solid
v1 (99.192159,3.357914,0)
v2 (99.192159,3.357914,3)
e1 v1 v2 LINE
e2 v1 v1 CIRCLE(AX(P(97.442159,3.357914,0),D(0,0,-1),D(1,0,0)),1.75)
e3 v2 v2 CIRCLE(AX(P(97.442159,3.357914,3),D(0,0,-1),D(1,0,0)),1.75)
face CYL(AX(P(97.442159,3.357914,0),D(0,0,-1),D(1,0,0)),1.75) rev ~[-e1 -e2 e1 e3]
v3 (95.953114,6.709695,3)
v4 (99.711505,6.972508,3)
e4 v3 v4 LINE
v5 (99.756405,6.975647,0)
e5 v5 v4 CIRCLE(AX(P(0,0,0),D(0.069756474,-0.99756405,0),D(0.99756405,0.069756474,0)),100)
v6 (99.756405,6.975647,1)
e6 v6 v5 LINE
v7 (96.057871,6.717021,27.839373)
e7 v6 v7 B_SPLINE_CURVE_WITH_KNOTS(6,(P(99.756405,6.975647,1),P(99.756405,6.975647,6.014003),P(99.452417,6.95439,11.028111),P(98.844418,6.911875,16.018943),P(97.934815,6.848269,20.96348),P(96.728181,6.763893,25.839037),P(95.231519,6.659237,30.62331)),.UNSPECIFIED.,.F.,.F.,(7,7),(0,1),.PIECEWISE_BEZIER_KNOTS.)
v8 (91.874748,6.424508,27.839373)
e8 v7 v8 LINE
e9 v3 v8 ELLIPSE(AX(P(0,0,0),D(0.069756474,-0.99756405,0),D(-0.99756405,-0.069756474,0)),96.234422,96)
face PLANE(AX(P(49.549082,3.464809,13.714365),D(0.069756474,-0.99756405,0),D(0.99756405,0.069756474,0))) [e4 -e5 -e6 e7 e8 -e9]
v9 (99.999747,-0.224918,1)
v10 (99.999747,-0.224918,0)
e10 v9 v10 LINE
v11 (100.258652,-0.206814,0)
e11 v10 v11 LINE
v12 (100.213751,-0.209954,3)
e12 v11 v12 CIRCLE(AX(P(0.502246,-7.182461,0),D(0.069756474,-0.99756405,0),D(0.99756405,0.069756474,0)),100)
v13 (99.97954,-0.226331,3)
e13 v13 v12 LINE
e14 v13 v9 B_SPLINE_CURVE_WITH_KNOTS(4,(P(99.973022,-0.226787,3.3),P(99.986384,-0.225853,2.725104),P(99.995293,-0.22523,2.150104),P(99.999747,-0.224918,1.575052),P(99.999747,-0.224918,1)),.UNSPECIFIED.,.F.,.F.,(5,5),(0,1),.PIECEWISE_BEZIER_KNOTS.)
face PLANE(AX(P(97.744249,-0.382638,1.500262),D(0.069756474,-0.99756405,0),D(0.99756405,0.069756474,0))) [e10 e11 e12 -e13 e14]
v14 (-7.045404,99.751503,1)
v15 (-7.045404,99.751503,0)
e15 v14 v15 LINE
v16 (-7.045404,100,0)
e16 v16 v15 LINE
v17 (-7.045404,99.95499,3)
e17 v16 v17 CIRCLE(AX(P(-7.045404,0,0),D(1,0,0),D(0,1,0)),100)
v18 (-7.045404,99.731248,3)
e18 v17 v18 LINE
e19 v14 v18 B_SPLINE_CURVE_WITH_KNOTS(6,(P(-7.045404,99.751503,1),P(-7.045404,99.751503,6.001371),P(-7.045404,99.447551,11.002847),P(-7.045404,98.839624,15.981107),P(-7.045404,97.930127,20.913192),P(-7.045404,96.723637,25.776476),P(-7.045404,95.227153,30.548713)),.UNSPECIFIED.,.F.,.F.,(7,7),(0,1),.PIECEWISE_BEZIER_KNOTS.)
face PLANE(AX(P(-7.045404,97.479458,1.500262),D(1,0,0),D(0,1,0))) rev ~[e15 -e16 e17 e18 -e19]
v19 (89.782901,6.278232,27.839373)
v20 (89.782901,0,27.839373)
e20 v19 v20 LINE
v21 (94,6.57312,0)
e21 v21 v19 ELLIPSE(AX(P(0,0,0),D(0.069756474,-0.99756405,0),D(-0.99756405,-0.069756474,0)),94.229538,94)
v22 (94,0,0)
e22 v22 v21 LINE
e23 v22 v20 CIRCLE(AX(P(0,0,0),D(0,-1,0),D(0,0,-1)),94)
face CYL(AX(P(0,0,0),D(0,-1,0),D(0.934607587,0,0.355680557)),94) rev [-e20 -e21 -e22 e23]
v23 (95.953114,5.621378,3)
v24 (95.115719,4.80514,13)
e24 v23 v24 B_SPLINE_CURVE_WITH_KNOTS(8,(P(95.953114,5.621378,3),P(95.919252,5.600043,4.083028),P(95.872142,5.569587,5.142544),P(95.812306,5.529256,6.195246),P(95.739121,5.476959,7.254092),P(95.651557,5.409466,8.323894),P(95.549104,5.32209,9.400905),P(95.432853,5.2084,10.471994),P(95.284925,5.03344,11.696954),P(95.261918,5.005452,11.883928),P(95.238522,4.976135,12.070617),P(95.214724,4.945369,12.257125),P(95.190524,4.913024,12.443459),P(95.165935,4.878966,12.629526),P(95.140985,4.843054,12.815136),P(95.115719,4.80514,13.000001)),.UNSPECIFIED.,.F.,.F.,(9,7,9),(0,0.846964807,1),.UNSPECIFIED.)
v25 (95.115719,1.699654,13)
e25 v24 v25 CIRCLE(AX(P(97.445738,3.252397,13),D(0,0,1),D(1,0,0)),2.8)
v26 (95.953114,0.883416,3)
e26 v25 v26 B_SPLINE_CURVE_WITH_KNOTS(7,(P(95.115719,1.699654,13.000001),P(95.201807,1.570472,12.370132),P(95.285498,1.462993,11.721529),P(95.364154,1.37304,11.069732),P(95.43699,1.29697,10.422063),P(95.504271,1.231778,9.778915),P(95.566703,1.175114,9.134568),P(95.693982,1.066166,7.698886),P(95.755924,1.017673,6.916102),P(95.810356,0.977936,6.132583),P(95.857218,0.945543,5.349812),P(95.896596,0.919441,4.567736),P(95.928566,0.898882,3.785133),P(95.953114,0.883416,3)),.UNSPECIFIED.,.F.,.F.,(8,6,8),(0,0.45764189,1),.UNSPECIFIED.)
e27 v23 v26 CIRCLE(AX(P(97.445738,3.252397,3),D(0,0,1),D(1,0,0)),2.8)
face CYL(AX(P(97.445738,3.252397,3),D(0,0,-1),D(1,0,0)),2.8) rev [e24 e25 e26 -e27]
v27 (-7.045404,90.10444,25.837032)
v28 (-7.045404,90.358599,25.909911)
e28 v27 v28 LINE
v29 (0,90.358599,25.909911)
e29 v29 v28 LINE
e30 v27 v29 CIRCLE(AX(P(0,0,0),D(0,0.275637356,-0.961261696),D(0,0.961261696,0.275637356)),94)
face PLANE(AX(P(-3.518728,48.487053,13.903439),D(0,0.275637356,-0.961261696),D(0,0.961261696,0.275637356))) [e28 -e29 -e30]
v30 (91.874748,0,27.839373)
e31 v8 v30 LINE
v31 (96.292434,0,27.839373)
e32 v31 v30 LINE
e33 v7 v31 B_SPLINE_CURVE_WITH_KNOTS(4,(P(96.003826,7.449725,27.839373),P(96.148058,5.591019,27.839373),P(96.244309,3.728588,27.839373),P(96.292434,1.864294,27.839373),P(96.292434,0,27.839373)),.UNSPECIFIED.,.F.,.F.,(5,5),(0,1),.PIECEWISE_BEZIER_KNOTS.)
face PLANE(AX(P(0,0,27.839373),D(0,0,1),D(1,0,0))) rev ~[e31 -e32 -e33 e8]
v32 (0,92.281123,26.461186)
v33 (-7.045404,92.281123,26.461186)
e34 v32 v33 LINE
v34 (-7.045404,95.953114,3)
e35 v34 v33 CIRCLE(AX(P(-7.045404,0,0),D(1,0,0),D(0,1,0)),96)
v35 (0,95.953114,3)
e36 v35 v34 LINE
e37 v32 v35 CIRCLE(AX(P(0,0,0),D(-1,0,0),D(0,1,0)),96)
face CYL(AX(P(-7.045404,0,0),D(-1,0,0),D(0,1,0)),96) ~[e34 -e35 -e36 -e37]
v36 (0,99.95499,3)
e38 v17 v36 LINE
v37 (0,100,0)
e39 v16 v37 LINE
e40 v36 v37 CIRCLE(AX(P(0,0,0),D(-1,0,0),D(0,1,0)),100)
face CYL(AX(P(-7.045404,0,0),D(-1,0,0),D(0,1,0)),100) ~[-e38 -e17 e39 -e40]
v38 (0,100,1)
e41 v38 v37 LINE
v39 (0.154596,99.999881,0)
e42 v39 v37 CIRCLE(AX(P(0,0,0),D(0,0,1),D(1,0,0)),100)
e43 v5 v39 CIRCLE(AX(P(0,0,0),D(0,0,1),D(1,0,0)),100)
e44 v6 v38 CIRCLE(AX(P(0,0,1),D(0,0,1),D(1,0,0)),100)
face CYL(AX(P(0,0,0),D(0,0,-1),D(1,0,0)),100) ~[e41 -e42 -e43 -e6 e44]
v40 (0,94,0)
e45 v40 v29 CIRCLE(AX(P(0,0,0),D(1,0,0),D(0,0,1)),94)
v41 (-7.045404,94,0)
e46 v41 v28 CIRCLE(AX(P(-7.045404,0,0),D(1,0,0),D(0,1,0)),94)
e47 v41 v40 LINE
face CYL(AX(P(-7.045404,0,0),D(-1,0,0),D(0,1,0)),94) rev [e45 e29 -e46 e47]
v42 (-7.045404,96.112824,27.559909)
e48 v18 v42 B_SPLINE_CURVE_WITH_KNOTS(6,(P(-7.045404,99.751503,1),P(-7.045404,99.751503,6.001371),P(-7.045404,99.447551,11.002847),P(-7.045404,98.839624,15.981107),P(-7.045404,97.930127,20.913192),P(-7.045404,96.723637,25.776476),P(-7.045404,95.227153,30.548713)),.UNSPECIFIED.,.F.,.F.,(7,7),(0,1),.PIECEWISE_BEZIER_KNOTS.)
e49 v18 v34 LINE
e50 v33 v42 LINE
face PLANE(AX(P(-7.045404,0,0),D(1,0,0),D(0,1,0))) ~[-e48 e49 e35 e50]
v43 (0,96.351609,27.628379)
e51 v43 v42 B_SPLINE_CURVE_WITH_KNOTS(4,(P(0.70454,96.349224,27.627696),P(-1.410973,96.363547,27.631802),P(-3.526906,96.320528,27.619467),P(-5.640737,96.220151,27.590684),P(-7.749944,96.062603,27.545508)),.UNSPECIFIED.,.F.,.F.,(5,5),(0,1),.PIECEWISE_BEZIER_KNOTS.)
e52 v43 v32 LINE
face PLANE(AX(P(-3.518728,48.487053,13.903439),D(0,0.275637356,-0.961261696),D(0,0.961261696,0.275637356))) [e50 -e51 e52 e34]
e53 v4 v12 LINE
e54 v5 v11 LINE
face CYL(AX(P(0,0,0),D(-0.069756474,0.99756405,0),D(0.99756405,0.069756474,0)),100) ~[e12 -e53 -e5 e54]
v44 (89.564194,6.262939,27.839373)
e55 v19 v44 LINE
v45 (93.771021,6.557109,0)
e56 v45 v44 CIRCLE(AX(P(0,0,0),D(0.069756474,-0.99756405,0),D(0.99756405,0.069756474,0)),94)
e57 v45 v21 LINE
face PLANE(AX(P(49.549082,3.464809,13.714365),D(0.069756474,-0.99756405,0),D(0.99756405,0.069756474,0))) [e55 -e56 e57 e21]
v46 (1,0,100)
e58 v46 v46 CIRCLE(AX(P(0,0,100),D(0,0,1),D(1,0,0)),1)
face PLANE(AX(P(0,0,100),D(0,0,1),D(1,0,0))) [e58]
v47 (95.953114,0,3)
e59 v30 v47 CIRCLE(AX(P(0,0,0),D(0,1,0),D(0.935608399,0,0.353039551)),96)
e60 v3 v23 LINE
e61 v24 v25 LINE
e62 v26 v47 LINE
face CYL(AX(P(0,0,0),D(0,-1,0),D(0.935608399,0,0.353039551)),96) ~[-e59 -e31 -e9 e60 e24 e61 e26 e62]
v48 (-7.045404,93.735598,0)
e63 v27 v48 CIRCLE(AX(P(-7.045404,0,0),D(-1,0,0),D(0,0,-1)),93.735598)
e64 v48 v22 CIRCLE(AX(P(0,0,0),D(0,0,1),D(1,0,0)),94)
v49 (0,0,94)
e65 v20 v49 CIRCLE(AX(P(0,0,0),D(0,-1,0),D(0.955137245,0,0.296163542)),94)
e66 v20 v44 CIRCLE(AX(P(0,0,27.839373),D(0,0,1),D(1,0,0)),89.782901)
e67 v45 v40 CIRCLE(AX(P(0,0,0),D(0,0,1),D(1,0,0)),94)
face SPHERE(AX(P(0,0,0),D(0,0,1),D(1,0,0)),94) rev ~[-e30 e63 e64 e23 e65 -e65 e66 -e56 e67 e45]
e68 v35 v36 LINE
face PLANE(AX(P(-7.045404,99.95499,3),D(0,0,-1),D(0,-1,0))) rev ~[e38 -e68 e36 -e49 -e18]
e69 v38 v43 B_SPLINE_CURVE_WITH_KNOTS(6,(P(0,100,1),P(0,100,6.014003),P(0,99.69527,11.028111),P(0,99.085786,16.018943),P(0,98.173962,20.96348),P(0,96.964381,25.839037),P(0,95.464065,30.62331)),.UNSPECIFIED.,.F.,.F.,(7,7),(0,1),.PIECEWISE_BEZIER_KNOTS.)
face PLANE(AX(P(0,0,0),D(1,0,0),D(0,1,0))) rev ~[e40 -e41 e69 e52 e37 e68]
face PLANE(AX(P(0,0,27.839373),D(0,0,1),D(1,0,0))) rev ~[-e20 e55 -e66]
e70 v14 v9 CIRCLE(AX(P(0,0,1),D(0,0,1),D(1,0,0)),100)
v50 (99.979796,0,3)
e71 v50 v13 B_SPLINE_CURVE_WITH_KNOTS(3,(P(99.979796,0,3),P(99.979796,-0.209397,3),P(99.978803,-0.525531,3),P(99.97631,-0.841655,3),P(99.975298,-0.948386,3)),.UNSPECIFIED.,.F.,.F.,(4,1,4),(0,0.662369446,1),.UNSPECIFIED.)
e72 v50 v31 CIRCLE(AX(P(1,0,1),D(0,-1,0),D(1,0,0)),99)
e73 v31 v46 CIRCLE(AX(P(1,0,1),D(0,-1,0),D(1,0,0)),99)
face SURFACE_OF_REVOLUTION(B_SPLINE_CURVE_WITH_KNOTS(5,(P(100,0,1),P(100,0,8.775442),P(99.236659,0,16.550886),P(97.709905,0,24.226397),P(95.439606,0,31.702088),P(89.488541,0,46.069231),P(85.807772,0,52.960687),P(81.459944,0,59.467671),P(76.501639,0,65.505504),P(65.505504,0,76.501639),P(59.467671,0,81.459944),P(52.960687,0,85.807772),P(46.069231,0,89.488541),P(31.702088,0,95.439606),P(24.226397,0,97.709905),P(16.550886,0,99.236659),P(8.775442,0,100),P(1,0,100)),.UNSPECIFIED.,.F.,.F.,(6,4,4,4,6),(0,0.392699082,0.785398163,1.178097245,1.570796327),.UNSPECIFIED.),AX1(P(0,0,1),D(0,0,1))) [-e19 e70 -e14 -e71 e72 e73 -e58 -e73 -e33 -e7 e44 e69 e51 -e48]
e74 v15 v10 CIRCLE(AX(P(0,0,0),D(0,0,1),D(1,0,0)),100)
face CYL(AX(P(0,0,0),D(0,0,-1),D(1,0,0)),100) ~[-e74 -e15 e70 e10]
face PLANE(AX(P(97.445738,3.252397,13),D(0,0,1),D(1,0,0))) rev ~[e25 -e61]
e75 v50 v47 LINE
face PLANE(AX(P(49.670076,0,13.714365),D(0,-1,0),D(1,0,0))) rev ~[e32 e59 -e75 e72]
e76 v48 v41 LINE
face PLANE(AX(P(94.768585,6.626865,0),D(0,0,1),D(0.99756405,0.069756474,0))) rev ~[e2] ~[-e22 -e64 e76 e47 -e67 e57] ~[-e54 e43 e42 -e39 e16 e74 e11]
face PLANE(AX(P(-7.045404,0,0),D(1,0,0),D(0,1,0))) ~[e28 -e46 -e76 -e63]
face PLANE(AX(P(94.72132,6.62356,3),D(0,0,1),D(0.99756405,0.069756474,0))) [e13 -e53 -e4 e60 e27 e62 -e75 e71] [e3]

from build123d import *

# Parameters (mm, degrees)
SKETCH_R        = 100
PAD_DEPTH       = 100
FILLET_R        = 99
SPHERE001_ANGLE = 4
SPHERE002_ANGLE = 16
PAD001_DEPTH    = 10
PAD003_DEPTH    = 10
PAD004_DEPTH    = 7.2
PAD005_DEPTH    = 7.2
SKETCH007_R     = 1.75
POCKET_DEPTH    = 3
SKETCH008_R     = 2.8
POCKET001_DEPTH = 10


with BuildPart() as part:
    # Sketch → Pad (new body)
    with BuildSketch(Plane.XY):
        Circle(SKETCH_R)
    extrude(amount=PAD_DEPTH)

    # Fillet
    fillet_edges = [part.edges().sort_by_distance(p)[0] for p in [
        (-100, 0, 100),
    ]]
    fillet(fillet_edges, radius=FILLET_R)

    # Sphere001 → Sphere001 (revolve, cut)
    with BuildSketch(Plane.XZ):
        with BuildLine():
            ThreePointArc((101, 0), (100.0170749429, 14.056483197), (97.0874312898, 27.8393729375))
            Line((97.0874312898, 27.8393729375), (0, 27.8393729375))
            Line((0, 27.8393729375), (0, 0))
            Line((0, 0), (101, 0))
        make_face()
    revolve(axis=Axis((0, 0, 0), (0, 0, 1)), revolution_arc=SPHERE001_ANGLE, mode=Mode.SUBTRACT)

    # Sphere002 → Sphere002 (revolve, cut)
    with BuildSketch(Plane.YX):
        with BuildLine():
            ThreePointArc((100.7539690762, -7.0454038482), (100.9384735289, -3.524849167), (101, 0))
            Line((101, 0), (0, 0))
            Line((0, 0), (0, -7.0454038482))
            Line((0, -7.0454038482), (100.7539690762, -7.0454038482))
        make_face()
    revolve(axis=Axis((0, 0, 0), (1, 0, 0)), revolution_arc=SPHERE002_ANGLE, mode=Mode.SUBTRACT)

    # Sphere → Sphere (revolve, cut)
    with BuildSketch(Plane.XZ):
        with BuildLine():
            ThreePointArc((0, -94), (94, 0), (0, 94))
            Line((0, 94), (0, -94))
        make_face()
    revolve(axis=Axis((0, 0, 0), (0, 0, 1)), mode=Mode.SUBTRACT)

    # Sketch001 → Pad001 (join)
    with BuildSketch(Plane.YZ.offset(-7.0454038482)):
        with BuildLine():
            ThreePointArc((96, 0), (94.5258819005, 16.7588081596), (90.148798939, 33.0029400184))
            Line((88.1935508181, 32.5253377246), (90.148798939, 33.0029400184))
            ThreePointArc((94, 0), (92.5370028067, 16.5197794038), (88.1935508181, 32.5253377246))
            Line((94, 0), (96, 0))
        make_face()
    extrude(amount=PAD001_DEPTH)

    # Sketch003 → Pad003 (join)
    with BuildSketch(Plane.ZX):
        with BuildLine():
            ThreePointArc((33.8917969002, 89.8184062588), (17.2254607943, 94.4419583682), (0, 96))
            Line((0, 96), (0, 94))
            ThreePointArc((33.4339723132, 87.8531131797), (16.9971668391, 92.450507405), (0, 94))
            Line((33.4339723132, 87.8531131797), (33.8917969002, 89.8184062588))
        make_face()
    extrude(amount=PAD003_DEPTH)

    # Sketch005 → Pad004 (join)
    with BuildSketch(Plane.YZ.offset(-7.0454038482)):
        with BuildLine():
            Line((99.9549898704, 3), (94.9526197638, 3))
            ThreePointArc((95, 0), (94.9881542024, 1.5001870622), (94.9526197638, 3))
            Line((100, 0), (95, 0))
            ThreePointArc((100, 0), (99.9887468344, 1.5001688165), (99.9549898704, 3))
        make_face()
    extrude(amount=PAD004_DEPTH)

    # Sketch006 → Pad005 (join)
    with BuildSketch(Plane(origin=(0, 0, 0), x_dir=(0.9975640503, 0.0697564737, 0), z_dir=(0.0697564737, -0.9975640503, 0))):
        with BuildLine():
            ThreePointArc((100, 0), (99.9887468344, 1.5001688165), (99.9549898704, 3))
            Line((94.9526197638, 3), (99.9549898704, 3))
            ThreePointArc((95, 0), (94.9881542024, 1.5001870622), (94.9526197638, 3))
            Line((95, 0), (100, 0))
        make_face()
    extrude(amount=PAD005_DEPTH)

    # Sketch007 (on Face37 of Pad005) → Pocket (cut)
    with BuildSketch(Plane(origin=(0, 0, 0), x_dir=(1, 0, 0), z_dir=(0, 0, -1))):
        with Locations((97.4421593289, -3.3579138356)):
            Circle(SKETCH007_R)
    extrude(amount=-POCKET_DEPTH, mode=Mode.SUBTRACT)

    # Sketch008 (on Face10 of Pocket) → Pocket001 (cut)
    with BuildSketch(Plane.XY.offset(3)):
        with Locations((97.4457383082, 3.2523968969)):
            Circle(SKETCH008_R)
    extrude(amount=POCKET001_DEPTH, mode=Mode.SUBTRACT)


solid = part.part
